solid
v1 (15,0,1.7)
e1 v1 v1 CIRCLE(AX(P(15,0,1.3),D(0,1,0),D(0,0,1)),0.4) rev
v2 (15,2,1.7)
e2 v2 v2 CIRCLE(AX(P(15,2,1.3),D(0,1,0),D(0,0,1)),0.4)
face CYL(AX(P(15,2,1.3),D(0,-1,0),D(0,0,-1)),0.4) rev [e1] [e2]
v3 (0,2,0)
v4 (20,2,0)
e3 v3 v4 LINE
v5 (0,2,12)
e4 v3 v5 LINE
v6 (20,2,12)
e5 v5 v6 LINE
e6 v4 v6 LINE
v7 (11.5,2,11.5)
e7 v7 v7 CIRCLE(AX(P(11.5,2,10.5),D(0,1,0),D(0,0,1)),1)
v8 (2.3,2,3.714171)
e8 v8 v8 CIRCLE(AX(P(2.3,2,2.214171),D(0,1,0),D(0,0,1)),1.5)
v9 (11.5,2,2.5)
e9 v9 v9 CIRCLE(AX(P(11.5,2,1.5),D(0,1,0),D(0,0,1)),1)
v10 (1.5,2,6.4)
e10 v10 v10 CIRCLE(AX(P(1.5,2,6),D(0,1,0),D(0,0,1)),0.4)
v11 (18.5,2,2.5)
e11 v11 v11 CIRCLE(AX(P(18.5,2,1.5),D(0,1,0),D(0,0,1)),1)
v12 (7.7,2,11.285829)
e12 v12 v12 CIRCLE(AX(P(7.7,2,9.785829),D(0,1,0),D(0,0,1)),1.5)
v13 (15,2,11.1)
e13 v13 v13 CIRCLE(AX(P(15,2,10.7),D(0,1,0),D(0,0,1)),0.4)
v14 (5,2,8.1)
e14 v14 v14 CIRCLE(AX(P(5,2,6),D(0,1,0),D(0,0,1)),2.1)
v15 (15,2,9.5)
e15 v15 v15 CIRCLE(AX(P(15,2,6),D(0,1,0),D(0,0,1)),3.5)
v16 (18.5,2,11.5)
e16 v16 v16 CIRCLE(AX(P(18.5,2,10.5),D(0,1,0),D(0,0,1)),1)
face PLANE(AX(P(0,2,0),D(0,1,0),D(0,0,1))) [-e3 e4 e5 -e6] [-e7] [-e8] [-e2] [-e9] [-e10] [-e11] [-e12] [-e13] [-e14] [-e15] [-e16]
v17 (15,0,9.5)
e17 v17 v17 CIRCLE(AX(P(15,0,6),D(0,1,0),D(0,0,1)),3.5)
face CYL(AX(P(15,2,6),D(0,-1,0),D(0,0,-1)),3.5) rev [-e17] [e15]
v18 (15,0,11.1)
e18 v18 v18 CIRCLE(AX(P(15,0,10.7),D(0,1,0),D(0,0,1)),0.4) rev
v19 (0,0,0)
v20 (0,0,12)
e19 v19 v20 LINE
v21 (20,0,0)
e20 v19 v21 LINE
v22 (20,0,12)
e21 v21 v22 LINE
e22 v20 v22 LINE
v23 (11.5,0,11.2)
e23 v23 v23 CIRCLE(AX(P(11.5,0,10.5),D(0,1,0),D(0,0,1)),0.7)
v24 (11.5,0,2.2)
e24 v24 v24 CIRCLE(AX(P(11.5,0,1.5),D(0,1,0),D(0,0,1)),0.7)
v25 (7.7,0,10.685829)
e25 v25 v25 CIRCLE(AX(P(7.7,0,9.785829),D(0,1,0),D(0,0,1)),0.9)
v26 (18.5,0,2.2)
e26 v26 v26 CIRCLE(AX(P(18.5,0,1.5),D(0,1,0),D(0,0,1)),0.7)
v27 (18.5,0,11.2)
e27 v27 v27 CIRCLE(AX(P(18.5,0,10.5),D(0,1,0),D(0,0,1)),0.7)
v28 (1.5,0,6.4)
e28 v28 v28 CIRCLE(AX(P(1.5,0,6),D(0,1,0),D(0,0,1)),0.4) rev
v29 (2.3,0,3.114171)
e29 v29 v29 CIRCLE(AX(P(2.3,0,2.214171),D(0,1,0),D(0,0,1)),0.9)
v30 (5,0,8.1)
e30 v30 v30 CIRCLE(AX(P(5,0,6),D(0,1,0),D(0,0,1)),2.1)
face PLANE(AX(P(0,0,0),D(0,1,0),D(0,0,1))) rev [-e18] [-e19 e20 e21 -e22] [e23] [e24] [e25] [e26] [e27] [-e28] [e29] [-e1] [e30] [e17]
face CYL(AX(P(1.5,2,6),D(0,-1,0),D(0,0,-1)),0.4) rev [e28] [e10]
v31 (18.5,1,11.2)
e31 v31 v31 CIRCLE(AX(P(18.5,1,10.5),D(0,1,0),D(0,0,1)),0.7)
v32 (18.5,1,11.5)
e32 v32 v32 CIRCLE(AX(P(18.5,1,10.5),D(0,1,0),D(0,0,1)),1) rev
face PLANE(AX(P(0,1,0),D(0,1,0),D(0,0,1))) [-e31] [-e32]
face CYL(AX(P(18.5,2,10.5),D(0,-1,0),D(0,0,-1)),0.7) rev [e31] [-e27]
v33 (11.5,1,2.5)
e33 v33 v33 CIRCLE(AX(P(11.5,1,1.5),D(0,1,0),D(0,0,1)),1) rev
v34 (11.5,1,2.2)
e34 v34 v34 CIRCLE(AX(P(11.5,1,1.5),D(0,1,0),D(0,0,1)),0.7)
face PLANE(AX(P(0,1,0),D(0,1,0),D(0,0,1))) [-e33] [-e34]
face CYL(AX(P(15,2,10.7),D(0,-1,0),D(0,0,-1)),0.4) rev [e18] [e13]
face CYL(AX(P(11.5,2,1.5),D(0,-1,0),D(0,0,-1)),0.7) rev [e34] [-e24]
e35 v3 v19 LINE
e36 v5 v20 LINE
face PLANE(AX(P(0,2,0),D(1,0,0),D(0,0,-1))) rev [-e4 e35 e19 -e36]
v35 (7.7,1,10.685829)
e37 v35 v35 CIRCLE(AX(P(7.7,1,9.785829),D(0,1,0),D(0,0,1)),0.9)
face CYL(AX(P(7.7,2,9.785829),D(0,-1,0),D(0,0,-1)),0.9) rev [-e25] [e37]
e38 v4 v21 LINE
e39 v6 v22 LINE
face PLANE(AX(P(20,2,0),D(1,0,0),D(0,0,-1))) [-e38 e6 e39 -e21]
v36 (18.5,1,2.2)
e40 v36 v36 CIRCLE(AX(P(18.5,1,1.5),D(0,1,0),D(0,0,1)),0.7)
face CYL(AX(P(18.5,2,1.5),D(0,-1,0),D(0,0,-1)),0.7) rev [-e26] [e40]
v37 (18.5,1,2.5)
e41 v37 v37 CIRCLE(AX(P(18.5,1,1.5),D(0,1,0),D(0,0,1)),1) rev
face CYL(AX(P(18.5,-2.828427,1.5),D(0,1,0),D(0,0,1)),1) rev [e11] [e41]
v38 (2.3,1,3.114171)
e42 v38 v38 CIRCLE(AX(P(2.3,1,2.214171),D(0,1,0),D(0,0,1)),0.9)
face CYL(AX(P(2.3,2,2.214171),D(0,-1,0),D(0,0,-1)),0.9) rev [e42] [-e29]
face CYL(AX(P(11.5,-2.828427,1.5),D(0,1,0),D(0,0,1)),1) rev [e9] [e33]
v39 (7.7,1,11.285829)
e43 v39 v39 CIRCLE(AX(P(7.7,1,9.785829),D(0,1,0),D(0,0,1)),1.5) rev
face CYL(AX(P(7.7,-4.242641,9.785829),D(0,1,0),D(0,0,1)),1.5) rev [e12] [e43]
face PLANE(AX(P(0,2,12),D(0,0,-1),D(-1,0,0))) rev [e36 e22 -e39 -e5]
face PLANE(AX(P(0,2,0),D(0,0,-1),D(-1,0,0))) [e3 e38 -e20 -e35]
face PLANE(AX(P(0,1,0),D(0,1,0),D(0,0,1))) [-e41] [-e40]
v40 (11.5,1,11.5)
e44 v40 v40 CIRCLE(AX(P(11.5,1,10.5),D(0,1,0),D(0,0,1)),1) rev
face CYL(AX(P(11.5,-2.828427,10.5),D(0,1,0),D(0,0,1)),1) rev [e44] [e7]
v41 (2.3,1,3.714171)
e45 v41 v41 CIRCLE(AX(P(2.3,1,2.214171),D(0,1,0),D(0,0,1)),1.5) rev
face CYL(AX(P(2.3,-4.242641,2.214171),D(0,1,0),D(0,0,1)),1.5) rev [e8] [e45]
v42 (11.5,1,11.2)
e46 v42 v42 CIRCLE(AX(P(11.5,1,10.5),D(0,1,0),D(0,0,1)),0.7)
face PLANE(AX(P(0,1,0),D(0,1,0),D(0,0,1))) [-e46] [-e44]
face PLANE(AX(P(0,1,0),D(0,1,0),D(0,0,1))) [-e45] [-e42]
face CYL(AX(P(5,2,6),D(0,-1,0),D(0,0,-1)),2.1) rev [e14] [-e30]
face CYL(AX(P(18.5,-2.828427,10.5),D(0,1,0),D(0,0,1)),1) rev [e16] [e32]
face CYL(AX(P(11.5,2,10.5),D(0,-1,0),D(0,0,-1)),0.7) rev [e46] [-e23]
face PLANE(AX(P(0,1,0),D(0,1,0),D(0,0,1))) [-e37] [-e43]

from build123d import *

# Parameters (mm, degrees)
SKETCH_1_W          = 20
SKETCH_1_H          = 12
SKETCH_1_R          = 2.1
SKETCH_1_R_2        = 3.5
EXTRUDE_1_DEPTH     = 2
SKETCH_2_R          = 0.9
SKETCH_2_R_2        = 0.7
CUT_EXTRUDE_1_DEPTH = 24.409399821
CUT_EXTRUDE_START   = 2
SKETCH_2_3_R        = 1.5
CUT_EXTRUDE_2_DEPTH = 1
SKETCH_2_4_R        = 1
CUT_EXTRUDE_3_DEPTH = 1
SKETCH_5_R          = 0.4
CUT_EXTRUDE_4_DEPTH = 24.59745749


with BuildPart() as part:
    # 草图1 → 凸台-拉伸1 (new body)
    with BuildSketch(Plane(origin=(0, 0, 0), x_dir=(1, 0, 0), z_dir=(0, 1, 0))):
        with Locations((10, -6)):
            Rectangle(SKETCH_1_W, SKETCH_1_H)
        with Locations(Location((5, -6, 0), (0, 0, 270))):
            Circle(SKETCH_1_R, mode=Mode.SUBTRACT)
        with Locations(Location((15, -6, 0), (0, 0, 270))):
            Circle(SKETCH_1_R_2, mode=Mode.SUBTRACT)
    extrude(amount=EXTRUDE_1_DEPTH)

    # 草图2 → 切除-拉伸1 (cut, through all)
    with BuildSketch(Plane(origin=(0, 0, 0), x_dir=(1, 0, 0), z_dir=(0, 1, 0))):
        with Locations(Location((2.3, -2.214171161, 0), (0, 0, 270))):
            Circle(SKETCH_2_R)
        with Locations(Location((7.7, -9.785828839, 0), (0, 0, 270))):
            Circle(SKETCH_2_R)
        with Locations(Location((11.5, -1.5, 0), (0, 0, 270))):
            Circle(SKETCH_2_R_2)
        with Locations(Location((18.5, -10.5, 0), (0, 0, 270))):
            Circle(SKETCH_2_R_2)
        with Locations(Location((18.5, -1.5, 0), (0, 0, 270))):
            Circle(SKETCH_2_R_2)
        with Locations(Location((11.5, -10.5, 0), (0, 0, 270))):
            Circle(SKETCH_2_R_2)
    extrude(amount=CUT_EXTRUDE_1_DEPTH, mode=Mode.SUBTRACT)

    # 草图2<3> → 切除-拉伸2 (cut)
    with BuildSketch(Plane(origin=(0, 0, 0), x_dir=(1, 0, 0), z_dir=(0, 1, 0)).offset(CUT_EXTRUDE_START)):
        with Locations(Location((2.3, -2.214171161, 0), (0, 0, 270))):
            Circle(SKETCH_2_3_R)
        with Locations(Location((7.7, -9.785828839, 0), (0, 0, 270))):
            Circle(SKETCH_2_3_R)
    extrude(amount=-CUT_EXTRUDE_2_DEPTH, mode=Mode.SUBTRACT)

    # 草图2<4> → 切除-拉伸3 (cut)
    with BuildSketch(Plane(origin=(0, 0, 0), x_dir=(1, 0, 0), z_dir=(0, 1, 0)).offset(CUT_EXTRUDE_START)):
        with Locations(Location((11.5, -1.5, 0), (0, 0, 270))):
            Circle(SKETCH_2_4_R)
        with Locations(Location((18.5, -10.5, 0), (0, 0, 270))):
            Circle(SKETCH_2_4_R)
        with Locations(Location((18.5, -1.5, 0), (0, 0, 270))):
            Circle(SKETCH_2_4_R)
        with Locations(Location((11.5, -10.5, 0), (0, 0, 270))):
            Circle(SKETCH_2_4_R)
    extrude(amount=-CUT_EXTRUDE_3_DEPTH, mode=Mode.SUBTRACT)

    # 草图5 → 切除-拉伸4 (cut, through all)
    with BuildSketch(Plane(origin=(5, -15.2, 6), x_dir=(0, 0, -1), z_dir=(0, 1, 0))):
        with Locations(Location((0, 3.5, 0), (0, 0, 180))):
            Circle(SKETCH_5_R)
        with Locations(Location((-4.7, -10, 0), (0, 0, 180))):
            Circle(SKETCH_5_R)
        with Locations(Location((4.7, -10, 0), (0, 0, 180))):
            Circle(SKETCH_5_R)
    extrude(amount=CUT_EXTRUDE_4_DEPTH, mode=Mode.SUBTRACT)


solid = part.part
